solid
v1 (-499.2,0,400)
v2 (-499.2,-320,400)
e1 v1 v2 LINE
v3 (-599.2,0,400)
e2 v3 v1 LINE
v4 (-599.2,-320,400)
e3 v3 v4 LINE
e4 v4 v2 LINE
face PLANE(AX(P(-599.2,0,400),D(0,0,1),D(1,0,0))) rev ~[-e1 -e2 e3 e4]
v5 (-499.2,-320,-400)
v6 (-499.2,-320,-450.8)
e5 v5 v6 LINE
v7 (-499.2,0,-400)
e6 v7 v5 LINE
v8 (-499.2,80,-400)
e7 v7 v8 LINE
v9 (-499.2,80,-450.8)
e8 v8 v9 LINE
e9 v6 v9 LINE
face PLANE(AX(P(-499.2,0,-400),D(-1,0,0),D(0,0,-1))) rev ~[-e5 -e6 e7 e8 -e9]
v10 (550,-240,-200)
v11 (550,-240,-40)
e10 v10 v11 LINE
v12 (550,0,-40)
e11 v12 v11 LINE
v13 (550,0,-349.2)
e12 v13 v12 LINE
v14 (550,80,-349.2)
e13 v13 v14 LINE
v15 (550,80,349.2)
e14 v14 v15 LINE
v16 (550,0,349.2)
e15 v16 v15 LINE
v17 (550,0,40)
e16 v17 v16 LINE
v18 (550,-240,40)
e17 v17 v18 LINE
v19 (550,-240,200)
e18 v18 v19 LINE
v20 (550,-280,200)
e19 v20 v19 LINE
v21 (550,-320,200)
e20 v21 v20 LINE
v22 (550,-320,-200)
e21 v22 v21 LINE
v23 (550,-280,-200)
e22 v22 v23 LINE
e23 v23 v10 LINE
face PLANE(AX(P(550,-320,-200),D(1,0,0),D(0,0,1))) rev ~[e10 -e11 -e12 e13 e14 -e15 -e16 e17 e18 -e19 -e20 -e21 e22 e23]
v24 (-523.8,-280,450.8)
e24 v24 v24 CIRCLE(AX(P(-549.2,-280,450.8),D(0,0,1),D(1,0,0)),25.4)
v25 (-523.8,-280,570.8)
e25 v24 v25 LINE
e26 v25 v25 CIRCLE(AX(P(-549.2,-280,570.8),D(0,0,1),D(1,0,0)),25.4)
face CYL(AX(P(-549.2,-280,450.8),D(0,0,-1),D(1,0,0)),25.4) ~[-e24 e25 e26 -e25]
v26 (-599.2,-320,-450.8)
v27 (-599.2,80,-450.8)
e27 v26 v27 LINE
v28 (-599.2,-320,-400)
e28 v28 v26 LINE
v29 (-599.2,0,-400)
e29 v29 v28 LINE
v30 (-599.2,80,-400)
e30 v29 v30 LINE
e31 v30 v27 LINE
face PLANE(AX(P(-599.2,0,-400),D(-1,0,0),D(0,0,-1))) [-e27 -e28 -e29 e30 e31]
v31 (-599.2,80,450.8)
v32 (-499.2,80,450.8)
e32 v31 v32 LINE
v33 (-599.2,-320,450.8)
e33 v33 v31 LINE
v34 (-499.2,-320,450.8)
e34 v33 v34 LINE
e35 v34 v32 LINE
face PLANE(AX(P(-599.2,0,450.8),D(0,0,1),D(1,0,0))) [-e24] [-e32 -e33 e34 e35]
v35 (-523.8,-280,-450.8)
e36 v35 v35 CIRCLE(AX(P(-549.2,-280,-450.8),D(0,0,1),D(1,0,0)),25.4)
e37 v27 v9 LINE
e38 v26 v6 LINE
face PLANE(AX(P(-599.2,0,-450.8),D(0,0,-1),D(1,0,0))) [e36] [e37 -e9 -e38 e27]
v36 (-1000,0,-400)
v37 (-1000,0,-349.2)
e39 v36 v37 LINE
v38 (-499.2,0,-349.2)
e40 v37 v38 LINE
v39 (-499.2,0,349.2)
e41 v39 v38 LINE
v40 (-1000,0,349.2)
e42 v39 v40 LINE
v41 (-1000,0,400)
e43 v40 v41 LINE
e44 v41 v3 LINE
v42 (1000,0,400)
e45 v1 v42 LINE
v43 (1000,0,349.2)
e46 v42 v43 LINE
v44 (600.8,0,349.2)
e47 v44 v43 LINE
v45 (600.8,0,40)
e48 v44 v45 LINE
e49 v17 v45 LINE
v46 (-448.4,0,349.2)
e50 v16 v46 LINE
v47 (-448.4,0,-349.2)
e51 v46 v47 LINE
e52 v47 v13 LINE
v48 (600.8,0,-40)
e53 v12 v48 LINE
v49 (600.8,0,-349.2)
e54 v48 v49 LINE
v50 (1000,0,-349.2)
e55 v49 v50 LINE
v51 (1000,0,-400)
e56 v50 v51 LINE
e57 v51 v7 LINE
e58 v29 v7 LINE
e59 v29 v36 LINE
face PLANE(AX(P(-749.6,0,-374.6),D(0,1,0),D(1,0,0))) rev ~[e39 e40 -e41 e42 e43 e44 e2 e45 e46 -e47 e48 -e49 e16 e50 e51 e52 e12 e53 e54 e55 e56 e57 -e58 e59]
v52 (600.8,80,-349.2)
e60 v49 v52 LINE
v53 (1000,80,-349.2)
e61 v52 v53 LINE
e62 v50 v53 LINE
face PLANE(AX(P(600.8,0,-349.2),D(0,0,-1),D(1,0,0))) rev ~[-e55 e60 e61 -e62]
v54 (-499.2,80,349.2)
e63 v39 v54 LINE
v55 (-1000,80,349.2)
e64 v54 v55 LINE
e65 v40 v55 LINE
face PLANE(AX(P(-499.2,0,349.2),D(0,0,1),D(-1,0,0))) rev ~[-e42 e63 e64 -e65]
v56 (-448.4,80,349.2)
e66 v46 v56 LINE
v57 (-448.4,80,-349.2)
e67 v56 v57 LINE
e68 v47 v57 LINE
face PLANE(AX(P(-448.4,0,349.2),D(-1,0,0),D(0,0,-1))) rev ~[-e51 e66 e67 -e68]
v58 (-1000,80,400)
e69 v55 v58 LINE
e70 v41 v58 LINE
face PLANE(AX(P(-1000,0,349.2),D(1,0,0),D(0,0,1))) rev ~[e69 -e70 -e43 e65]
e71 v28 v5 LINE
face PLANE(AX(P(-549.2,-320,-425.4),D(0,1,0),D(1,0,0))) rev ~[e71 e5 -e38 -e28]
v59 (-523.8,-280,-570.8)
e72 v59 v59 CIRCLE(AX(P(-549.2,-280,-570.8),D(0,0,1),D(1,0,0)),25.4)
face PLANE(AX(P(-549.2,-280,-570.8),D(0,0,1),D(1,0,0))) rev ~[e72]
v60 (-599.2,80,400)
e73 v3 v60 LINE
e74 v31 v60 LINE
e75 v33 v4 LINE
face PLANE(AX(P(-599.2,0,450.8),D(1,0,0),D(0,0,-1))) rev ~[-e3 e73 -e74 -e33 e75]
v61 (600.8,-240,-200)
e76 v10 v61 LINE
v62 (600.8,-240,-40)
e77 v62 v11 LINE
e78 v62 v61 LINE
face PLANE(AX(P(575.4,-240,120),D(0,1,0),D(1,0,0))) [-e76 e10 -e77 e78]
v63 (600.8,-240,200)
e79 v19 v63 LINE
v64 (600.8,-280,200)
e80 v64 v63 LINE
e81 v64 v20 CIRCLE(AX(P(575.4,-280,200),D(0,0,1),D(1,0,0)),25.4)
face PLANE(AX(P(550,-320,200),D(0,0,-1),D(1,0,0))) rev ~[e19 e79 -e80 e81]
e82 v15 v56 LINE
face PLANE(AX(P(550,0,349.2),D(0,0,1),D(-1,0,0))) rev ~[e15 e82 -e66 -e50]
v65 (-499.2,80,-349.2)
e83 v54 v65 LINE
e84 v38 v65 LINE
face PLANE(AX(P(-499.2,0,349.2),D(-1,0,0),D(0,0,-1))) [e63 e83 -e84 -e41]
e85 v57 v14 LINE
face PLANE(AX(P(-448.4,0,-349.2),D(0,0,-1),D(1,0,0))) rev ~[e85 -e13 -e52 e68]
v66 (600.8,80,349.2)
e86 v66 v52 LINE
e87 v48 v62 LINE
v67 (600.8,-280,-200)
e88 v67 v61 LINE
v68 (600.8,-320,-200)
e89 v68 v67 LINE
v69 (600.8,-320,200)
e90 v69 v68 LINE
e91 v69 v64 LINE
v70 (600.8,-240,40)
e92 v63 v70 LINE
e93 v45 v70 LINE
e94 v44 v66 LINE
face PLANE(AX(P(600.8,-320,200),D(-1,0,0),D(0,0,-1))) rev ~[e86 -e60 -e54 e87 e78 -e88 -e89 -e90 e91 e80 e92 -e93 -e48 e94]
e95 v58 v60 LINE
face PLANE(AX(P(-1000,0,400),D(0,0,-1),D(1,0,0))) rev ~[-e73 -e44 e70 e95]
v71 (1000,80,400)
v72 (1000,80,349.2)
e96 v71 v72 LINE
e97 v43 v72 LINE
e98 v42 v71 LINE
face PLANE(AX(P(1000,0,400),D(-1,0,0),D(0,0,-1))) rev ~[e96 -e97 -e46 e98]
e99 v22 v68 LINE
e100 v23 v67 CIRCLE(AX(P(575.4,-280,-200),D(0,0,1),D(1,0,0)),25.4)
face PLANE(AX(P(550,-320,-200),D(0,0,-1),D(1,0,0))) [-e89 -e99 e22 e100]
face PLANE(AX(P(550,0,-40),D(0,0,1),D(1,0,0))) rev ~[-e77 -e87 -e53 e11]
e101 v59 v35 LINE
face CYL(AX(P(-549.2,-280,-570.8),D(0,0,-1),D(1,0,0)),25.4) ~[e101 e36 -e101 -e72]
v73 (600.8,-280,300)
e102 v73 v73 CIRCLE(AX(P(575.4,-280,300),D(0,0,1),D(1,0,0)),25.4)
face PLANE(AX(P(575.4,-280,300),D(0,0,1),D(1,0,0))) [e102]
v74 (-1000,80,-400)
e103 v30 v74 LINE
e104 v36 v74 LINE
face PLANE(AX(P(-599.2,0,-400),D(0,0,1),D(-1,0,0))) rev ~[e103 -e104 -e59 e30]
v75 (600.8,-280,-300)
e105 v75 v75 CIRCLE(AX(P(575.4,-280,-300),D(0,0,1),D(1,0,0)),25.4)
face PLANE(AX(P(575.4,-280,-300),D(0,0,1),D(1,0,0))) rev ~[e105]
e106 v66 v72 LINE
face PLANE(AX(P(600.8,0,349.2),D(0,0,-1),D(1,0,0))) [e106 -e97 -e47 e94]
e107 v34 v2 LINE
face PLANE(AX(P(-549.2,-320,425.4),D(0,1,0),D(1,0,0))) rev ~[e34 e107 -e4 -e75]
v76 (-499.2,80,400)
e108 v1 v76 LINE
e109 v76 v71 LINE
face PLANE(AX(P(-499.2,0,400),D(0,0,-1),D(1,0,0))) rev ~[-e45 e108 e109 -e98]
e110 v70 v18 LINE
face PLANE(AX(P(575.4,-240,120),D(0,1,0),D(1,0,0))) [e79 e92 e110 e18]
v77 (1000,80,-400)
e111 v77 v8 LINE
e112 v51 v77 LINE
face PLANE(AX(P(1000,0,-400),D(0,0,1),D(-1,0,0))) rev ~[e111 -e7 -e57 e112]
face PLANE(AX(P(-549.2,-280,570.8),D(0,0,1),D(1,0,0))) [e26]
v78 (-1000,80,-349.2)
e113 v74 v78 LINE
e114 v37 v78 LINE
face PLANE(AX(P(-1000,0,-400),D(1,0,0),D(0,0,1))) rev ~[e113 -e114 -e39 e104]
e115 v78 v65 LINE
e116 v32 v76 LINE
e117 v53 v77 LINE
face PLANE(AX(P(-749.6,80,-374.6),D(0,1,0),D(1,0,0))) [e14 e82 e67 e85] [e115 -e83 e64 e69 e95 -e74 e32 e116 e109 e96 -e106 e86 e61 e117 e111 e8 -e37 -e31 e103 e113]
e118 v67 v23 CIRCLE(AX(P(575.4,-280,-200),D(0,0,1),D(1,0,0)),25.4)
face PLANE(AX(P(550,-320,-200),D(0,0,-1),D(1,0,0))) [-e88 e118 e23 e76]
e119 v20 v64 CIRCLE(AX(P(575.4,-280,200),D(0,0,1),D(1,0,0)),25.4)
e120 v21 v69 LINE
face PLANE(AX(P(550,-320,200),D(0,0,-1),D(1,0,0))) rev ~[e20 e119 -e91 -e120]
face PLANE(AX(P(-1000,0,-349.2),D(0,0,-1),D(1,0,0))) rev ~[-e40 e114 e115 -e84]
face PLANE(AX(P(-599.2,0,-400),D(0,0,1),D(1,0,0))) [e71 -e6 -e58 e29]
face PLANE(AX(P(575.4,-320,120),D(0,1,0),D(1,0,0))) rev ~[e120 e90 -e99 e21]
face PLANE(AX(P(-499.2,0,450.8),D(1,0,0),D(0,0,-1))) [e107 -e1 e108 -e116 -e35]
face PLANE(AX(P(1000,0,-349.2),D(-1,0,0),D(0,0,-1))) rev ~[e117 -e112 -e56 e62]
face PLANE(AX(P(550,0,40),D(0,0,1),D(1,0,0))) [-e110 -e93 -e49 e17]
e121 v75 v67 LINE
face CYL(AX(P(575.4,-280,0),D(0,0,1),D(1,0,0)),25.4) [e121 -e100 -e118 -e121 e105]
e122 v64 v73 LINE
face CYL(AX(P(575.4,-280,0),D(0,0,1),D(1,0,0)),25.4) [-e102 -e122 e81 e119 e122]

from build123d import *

# Parameters (mm, degrees)
CROQUIS1_W              = 50.8
CROQUIS1_H              = 50.8
CROQUIS1_W_2            = 399.2
CROQUIS1_H_2            = 149.2
CROQUIS1_H_3            = 160
CROQUIS1_H_4            = 80
CROQUIS1_H_5            = 698.4
CROQUIS1_W_3            = 100
SALIENTE_EXTRUIR1_DEPTH = 80
CROQUIS1_4_W            = 100
CROQUIS1_4_H            = 50.8
CROQUIS1_4_W_2          = 50.8
CROQUIS1_4_H_2          = 80
SALIENTE_EXTRUIR2_DEPTH = 320
SALIENTE_EXTRUIR3_START = -320
CROQUIS1_5_W            = 50.8
CROQUIS1_5_H            = 160
CROQUIS1_5_H_2          = 80
SALIENTE_EXTRUIR3_DEPTH = 80
SALIENTE_EXTRUIR4_START = 450.8
CROQUIS2_R              = 25.4
SALIENTE_EXTRUIR4_DEPTH = 120
SALIENTE_EXTRUIR5_START = -570.8
CROQUIS2_7_R            = 25.4
SALIENTE_EXTRUIR5_DEPTH = 120
CROQUIS2_8_R            = 25.4
SALIENTE_EXTRUIR6_DEPTH = 300


with BuildPart() as part:
    # Croquis1 → Saliente-Extruir1 (new body)
    with BuildSketch(Plane(origin=(0, 0, 0), x_dir=(1, 0, 0), z_dir=(0, 1, 0))):
        Polygon((-1000, 400), (-1000, 349.2), (-499.2, 349.2), (-499.2, 400), (-599.2, 400), align=None)
        with Locations((-473.8, 374.6)):
            Rectangle(CROQUIS1_W, CROQUIS1_H)
        Polygon((-448.4, 400), (-448.4, 349.2), (0, 349.2), (550, 349.2), (550, 400), align=None)
        with Locations((800.4, 374.6)):
            Rectangle(CROQUIS1_W_2, CROQUIS1_H)
        with Locations((575.4, 374.6)):
            Rectangle(CROQUIS1_W, CROQUIS1_H)
        with Locations((575.4, 274.6)):
            Rectangle(CROQUIS1_W, CROQUIS1_H_2)
        with Locations((575.4, 120)):
            Rectangle(CROQUIS1_W, CROQUIS1_H_3)
        with Locations((575.4, 0)):
            Rectangle(CROQUIS1_W, CROQUIS1_H_4)
        with Locations((575.4, -120)):
            Rectangle(CROQUIS1_W, CROQUIS1_H_3)
        with Locations((575.4, -274.6)):
            Rectangle(CROQUIS1_W, CROQUIS1_H_2)
        with Locations((575.4, -374.6)):
            Rectangle(CROQUIS1_W, CROQUIS1_H)
        with Locations((800.4, -374.6)):
            Rectangle(CROQUIS1_W_2, CROQUIS1_H)
        Polygon((0, -349.2), (-448.4, -349.2), (-448.4, -400), (550, -400), (550, -349.2), align=None)
        with Locations((-473.8, -374.6)):
            Rectangle(CROQUIS1_W, CROQUIS1_H)
        Polygon((-499.2, -400), (-499.2, -349.2), (-1000, -349.2), (-1000, -400), (-599.2, -400), align=None)
        with Locations((-473.8, 0)):
            Rectangle(CROQUIS1_W, CROQUIS1_H_5)
        with Locations((-549.2, 425.4)):
            Rectangle(CROQUIS1_W_3, CROQUIS1_H)
        with Locations((-549.2, -425.4)):
            Rectangle(CROQUIS1_W_3, CROQUIS1_H)
    extrude(amount=SALIENTE_EXTRUIR1_DEPTH)

    # Croquis1<4> → Saliente-Extruir2 (add)
    with BuildSketch(Plane(origin=(0, 0, 0), x_dir=(1, 0, 0), z_dir=(0, 1, 0))):
        with Locations((-549.2, -425.4)):
            Rectangle(CROQUIS1_4_W, CROQUIS1_4_H)
        with Locations((-549.2, 425.4)):
            Rectangle(CROQUIS1_4_W, CROQUIS1_4_H)
        with Locations((575.4, 0)):
            Rectangle(CROQUIS1_4_W_2, CROQUIS1_4_H_2)
    extrude(amount=-SALIENTE_EXTRUIR2_DEPTH)

    # Croquis1<5> → Saliente-Extruir3 (add)
    with BuildSketch(Plane(origin=(0, 0, 0), x_dir=(1, 0, 0), z_dir=(0, 1, 0)).offset(SALIENTE_EXTRUIR3_START)):
        with Locations((575.4, -120)):
            Rectangle(CROQUIS1_5_W, CROQUIS1_5_H)
        with Locations((575.4, 0)):
            Rectangle(CROQUIS1_5_W, CROQUIS1_5_H_2)
        with Locations((575.4, 120)):
            Rectangle(CROQUIS1_5_W, CROQUIS1_5_H)
    extrude(amount=SALIENTE_EXTRUIR3_DEPTH)

    # Croquis2 → Saliente-Extruir4 (add)
    with BuildSketch(Plane.XY.offset(SALIENTE_EXTRUIR4_START)):
        with Locations((-549.2, -280)):
            Circle(CROQUIS2_R)
    extrude(amount=SALIENTE_EXTRUIR4_DEPTH)

    # Croquis2<7> → Saliente-Extruir5 (add)
    with BuildSketch(Plane.XY.offset(SALIENTE_EXTRUIR5_START)):
        with Locations((-549.2, -280)):
            Circle(CROQUIS2_7_R)
    extrude(amount=SALIENTE_EXTRUIR5_DEPTH)

    # Croquis2<8> → Saliente-Extruir6 (add, symmetric)
    with BuildSketch(Plane.XY):
        with Locations((575.4, -280)):
            Circle(CROQUIS2_8_R)
    extrude(amount=SALIENTE_EXTRUIR6_DEPTH, both=True)


solid = part.part
